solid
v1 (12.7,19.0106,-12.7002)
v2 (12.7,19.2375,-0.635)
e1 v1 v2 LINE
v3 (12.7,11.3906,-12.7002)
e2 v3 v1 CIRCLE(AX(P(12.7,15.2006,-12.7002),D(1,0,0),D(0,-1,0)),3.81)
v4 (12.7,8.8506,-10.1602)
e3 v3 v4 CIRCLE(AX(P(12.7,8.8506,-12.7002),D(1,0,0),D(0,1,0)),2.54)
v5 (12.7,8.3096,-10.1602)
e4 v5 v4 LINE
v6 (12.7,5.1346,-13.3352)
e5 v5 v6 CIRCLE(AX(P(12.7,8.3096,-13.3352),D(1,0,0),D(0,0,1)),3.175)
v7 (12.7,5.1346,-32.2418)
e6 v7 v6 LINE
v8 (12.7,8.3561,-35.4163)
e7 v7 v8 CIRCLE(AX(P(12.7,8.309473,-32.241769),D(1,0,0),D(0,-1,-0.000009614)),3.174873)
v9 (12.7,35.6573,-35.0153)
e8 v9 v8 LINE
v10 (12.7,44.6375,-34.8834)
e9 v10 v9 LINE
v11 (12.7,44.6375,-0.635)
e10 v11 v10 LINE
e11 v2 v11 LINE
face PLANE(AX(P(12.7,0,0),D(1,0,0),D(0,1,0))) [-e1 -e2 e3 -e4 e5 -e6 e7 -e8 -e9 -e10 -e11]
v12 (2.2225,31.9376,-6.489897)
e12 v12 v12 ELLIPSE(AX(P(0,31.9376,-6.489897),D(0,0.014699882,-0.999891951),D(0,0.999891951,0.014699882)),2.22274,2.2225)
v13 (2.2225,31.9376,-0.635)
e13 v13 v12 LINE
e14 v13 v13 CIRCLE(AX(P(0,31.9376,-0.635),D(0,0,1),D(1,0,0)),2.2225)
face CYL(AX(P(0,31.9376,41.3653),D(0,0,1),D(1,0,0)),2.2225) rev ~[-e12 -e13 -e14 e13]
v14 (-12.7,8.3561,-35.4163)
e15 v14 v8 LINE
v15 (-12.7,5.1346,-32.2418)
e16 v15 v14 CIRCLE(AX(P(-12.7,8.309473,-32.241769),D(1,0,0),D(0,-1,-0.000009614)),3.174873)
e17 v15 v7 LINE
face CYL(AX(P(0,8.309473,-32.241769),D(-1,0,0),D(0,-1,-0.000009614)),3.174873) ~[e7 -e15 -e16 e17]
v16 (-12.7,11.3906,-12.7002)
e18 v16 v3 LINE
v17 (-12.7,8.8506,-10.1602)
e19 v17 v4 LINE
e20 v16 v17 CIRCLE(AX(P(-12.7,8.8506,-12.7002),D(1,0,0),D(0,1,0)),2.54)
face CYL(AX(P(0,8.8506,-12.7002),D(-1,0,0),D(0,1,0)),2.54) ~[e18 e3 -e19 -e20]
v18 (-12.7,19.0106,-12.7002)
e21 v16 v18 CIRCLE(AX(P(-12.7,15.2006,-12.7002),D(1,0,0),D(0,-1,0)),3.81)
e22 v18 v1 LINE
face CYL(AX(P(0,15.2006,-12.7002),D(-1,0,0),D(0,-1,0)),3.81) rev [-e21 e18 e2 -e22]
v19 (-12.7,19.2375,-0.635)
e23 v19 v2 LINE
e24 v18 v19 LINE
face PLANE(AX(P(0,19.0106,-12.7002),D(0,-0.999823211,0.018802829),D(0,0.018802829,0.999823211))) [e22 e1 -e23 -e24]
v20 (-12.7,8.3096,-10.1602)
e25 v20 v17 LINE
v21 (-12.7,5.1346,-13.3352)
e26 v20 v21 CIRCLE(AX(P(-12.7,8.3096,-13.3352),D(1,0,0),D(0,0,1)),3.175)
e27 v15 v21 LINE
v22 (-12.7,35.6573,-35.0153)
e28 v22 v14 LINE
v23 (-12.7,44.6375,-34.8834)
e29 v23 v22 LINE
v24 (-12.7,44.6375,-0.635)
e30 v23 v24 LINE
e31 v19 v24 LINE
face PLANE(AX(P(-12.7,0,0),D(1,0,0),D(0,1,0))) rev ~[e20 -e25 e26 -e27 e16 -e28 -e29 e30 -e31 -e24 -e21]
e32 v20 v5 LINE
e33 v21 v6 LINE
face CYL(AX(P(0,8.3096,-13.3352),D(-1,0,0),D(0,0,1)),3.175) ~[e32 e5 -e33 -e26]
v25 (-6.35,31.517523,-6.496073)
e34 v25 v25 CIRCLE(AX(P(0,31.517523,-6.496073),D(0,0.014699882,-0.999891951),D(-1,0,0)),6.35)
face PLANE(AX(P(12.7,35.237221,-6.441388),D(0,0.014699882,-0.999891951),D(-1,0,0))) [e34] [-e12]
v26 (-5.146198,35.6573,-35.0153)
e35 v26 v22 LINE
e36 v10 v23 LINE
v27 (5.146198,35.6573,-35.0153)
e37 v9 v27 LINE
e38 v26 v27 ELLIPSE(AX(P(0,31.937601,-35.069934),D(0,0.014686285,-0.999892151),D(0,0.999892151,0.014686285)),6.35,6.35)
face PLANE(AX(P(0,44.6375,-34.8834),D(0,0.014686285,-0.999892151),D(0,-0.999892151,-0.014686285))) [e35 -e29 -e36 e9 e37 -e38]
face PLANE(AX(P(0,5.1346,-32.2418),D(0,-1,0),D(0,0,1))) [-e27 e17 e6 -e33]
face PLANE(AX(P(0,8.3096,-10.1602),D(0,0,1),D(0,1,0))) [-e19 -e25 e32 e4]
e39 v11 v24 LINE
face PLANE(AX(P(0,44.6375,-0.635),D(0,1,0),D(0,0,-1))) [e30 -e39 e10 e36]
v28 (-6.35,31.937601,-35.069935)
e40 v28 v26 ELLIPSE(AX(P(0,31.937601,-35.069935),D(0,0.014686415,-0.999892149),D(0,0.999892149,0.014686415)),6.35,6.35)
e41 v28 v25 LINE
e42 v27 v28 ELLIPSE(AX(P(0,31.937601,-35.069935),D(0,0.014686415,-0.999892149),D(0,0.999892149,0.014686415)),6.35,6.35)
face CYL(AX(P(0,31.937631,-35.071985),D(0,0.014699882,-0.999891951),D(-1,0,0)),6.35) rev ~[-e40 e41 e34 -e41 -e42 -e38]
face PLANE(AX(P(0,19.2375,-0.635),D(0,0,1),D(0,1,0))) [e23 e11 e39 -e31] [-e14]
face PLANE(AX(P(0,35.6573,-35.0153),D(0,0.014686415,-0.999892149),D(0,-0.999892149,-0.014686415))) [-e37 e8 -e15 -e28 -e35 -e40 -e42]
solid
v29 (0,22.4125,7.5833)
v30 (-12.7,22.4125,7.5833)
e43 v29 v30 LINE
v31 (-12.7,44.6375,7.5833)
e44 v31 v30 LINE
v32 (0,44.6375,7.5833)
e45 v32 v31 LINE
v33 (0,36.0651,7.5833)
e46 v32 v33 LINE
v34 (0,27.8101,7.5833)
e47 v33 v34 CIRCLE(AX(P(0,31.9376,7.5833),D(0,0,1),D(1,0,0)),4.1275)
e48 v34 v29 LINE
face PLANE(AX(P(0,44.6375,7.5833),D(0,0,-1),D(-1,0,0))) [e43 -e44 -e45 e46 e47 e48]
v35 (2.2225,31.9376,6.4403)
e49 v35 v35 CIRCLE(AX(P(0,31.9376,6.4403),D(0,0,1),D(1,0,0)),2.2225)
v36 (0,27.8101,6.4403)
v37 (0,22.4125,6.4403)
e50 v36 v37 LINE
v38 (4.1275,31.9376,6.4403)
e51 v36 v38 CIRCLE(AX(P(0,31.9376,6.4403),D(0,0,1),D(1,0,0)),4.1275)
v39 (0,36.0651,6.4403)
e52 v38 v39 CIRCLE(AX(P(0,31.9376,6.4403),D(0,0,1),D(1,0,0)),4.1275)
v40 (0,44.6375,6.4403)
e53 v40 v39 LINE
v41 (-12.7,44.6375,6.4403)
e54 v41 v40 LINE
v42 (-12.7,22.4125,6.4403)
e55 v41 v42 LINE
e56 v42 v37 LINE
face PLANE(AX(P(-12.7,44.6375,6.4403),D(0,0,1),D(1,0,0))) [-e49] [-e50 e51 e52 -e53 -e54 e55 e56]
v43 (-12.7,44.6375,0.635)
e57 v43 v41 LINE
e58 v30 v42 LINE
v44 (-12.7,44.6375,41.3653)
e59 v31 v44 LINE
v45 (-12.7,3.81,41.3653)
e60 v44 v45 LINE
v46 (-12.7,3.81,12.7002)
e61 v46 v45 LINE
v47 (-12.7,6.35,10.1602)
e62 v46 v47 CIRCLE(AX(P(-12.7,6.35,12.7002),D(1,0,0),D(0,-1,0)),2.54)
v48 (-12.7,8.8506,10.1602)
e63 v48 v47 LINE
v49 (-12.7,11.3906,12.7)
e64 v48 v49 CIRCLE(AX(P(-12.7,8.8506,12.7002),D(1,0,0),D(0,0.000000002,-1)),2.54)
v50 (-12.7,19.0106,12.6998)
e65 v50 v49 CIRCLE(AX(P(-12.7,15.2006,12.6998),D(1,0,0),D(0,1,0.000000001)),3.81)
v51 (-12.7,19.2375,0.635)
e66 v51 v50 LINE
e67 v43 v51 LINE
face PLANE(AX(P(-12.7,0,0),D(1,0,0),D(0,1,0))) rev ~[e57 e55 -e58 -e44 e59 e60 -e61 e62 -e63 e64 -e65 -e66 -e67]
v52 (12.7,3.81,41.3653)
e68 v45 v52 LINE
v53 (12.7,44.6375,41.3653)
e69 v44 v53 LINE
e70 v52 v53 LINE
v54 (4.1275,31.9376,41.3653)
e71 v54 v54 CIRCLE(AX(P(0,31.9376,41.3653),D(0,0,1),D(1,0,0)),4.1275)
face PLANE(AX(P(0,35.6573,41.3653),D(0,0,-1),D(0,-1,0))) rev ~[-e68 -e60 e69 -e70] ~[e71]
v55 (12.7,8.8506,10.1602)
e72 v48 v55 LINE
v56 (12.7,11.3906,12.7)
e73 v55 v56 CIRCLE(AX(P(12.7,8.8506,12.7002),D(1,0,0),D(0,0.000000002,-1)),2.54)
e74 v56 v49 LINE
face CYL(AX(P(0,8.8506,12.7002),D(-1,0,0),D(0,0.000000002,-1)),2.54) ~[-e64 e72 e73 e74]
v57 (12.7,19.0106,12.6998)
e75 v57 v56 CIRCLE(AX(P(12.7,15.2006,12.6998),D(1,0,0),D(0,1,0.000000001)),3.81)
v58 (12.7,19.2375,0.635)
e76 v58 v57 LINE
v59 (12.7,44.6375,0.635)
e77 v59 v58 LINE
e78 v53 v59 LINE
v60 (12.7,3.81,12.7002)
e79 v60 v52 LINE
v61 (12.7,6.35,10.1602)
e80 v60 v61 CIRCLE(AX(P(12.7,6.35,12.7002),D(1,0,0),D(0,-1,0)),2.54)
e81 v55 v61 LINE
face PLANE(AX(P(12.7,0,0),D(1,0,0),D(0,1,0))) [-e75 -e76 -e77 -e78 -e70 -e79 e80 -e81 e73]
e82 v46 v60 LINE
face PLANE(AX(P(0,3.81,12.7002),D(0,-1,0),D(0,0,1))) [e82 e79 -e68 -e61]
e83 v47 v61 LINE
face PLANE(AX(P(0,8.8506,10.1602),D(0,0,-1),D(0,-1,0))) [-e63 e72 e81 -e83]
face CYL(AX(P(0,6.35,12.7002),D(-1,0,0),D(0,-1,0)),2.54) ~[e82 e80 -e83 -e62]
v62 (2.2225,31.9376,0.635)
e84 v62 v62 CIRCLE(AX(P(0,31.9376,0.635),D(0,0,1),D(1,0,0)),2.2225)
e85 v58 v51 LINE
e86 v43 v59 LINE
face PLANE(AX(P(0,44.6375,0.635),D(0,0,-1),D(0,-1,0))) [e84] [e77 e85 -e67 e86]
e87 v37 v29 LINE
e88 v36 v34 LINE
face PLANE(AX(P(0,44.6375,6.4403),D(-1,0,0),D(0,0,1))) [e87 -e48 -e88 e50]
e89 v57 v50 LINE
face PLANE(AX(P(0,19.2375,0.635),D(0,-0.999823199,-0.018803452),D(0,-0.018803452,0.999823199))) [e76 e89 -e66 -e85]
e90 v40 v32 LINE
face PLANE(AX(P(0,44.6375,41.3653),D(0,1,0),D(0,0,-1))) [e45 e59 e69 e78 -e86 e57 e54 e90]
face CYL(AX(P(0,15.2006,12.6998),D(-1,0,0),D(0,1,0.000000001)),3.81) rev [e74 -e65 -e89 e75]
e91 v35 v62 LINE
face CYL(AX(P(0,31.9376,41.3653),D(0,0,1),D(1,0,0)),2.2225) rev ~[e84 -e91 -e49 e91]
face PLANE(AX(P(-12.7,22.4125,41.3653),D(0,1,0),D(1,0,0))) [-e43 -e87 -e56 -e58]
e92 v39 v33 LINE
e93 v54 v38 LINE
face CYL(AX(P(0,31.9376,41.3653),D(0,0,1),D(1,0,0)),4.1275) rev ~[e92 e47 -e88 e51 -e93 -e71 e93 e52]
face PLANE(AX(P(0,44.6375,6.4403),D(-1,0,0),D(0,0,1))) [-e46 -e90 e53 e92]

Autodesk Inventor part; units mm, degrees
ref_plane "YZ Plane" through (0, 0, 0) normal (1, 0, 0) x (0, 1, 0)
sketch "Sketch1" plane through (0, 0, 0) normal (1, 0, 0) x (0, 1, 0)
  line L0 (-3.175, -15.8752) -> (-3.175, 15.8752)
  arc A0 (18.3756, 12.6998) -> (12.0256, 12.7) centre (15.2006, 12.6998) ccw
  arc A1 (12.0256, -12.7002) -> (18.3756, -12.7002) centre (15.2006, -12.7002) ccw
  line L1 (8.8506, 9.5252) -> (6.35, 9.5252)
  line L2 (8.8506, -9.5252) -> (5.1346, -9.5252)
  line L3 (15.2006, 12.6998) -> (15.2006, -12.7002) construction
  line L4 (3.175, 14.6052) -> (3.175, 12.7002)
  arc A2 (8.8506, 9.5252) -> (12.0256, 12.7) centre (8.8506, 12.7002) ccw
  arc A3 (12.0256, -12.7002) -> (8.8506, -9.5252) centre (8.8506, -12.7002) ccw
  arc A4 (3.175, 12.7002) -> (6.35, 9.5252) centre (6.35, 12.7002) ccw
  arc A5 (5.1346, -9.5252) -> (1.9937, -12.2364) centre (5.1346, -12.7002) ccw
  line L5 (-3.175, -15.8752) -> (-3.175, -22.2252)
  line L6 (1.905, 15.8752) -> (-3.175, 15.8752)
  arc A6 (3.175, 14.6052) -> (1.905, 15.8752) centre (1.905, 14.6052) ccw
  line L7 (18.3756, 12.6998) -> (18.3756, -12.7002)
  line L8 (1.6475, -13.2791) -> (-3.175, -22.2252)
  arc A7 (1.6475, -13.2791) -> (1.9937, -12.2364) centre (-1.1473, -11.7726) ccw
  line L9 (44.6375, 0.635) -> (19.2375, 0.635)
  line L10 (19.2375, 0.635) -> (19.2375, -0.635) construction
  line L11 (19.2375, -0.635) -> (44.6375, -0.635)
  line L12 (44.6375, -0.635) -> (44.6375, 0.635) construction
  line L13 (44.6375, 0.635) -> (19.2375, -0.635) construction
  line L14 (19.2375, 0.635) -> (44.6375, -0.635) construction
  line L15 (-13.1873, 0) -> (54.275, 0) projected
  line L16 (44.6375, -0.635) -> (44.6375, -26.035)
  line L17 (35.6573, -35.0153) -> (8.3561, -35.4163)
  line L18 (5.1346, -32.2418) -> (5.1346, -13.3352)
  line L19 (44.6375, 0.635) -> (44.6375, 32.385)
  line L20 (35.6573, 41.3653) -> (3.81, 41.3653)
  arc A8 (5.1346, -32.2418) -> (8.3561, -35.4163) centre (8.3094, -32.2418) ccw
  arc A9 (8.8506, 10.1602) -> (11.3906, 12.7) centre (8.8506, 12.7002) ccw
  line L21 (8.8506, 10.1602) -> (6.35, 10.1602)
  arc A10 (3.81, 12.7002) -> (6.35, 10.1602) centre (6.35, 12.7002) ccw
  line L22 (3.81, 12.7002) -> (3.81, 41.3653)
  line L23 (8.3096, -10.1602) -> (8.8506, -10.1602)
  arc A11 (11.3906, -12.7002) -> (8.8506, -10.1602) centre (8.8506, -12.7002) ccw
  arc A12 (11.3906, -12.7002) -> (19.0106, -12.7002) centre (15.2006, -12.7002) ccw
  arc A13 (19.0106, 12.6998) -> (11.3906, 12.7) centre (15.2006, 12.6998) ccw
  line L24 (-3.5499, 0) -> (-3.5499, -1.7744)
  line L25 (19.0106, -12.7002) -> (19.2375, -0.635)
  line L26 (19.2375, 0.635) -> (19.0106, 12.6998)
  arc A14 (8.3096, -10.1602) -> (5.1346, -13.3352) centre (8.3096, -13.3352) ccw
  line L27 (-3.175, -22.2252) -> (1.6475, -22.2252)
  line L28 (35.6573, 41.3653) -> (44.6375, 41.3653)
  line L29 (44.6375, 41.3653) -> (44.6375, 32.385)
  line L30 (44.6375, -26.035) -> (44.6375, -34.8834)
  line L31 (44.6375, -34.8834) -> (35.6573, -35.0153)
  point P0 (0, 0)
  point P1 (15.2516, 9.5252)
  point P2 (15.2006, -9.5252)
  point P3 (1.9596, -12.7002)
  point P4 (31.9375, 0)
  point P5 (31.9375, 0)
  dimension "d5" = 6.35
  dimension "d8" = 3.175
  dimension "d9" = 6.35
  dimension "d11" = 6.35
  dimension "d12" = 6.35
  dimension "d13" = 1.27
  dimension "d30" = 25.4
  dimension "d31" = 3.175
  dimension "d51" = 1.27
  dimension "d54" = 25.4
  dimension "d56" = 25.4
  dimension "d59" = 31.75
  dimension "d60" = 0.635
  dimension "d61" = 3.175
extrude "Extrusion8" add sketch "Sketch1" along normal mid plane 25.4 contours L9 L26 A13 A9 L21 A10 L22 L20 L28 L29 L19 | L11 L16 L30 L31 L17 A8 L18 A14 L23 A11 A12 L25
ref_plane "Work Plane12" through (-12.7, 35.6573, 41.3653) normal (0, 0, 1) x (1, 0, 0)
sketch "Sketch9" plane through (-12.7, 35.6573, 41.3653) normal (0, 0, 1) x (1, 0, 0)
  line L0 (0, -16.4197) -> (25.4, -16.4197) projected
  line L1 (25.4, 8.9803) -> (25.4, -16.4197) projected
  line L2 (25.4, 8.9803) -> (0, 8.9803) projected
  line L3 (0, -16.4197) -> (0, 8.9803) projected
  circle A0 centre (12.7, -3.7197) radius 2.2225
  point P0 (12.7, -35.6573)
  dimension "d68" = 4.445
extrude "Extrusion10" cut sketch "Sketch9" against normal through all contours A0
ref_plane "Work Plane13" through (-12.7, 35.6573, 41.3653) normal (0, 0, 1) x (1, 0, 0)
sketch "Sketch10" plane through (-12.7, 35.6573, 41.3653) normal (0, 0, 1) x (1, 0, 0)
  circle A0 centre (12.7, -3.7197) radius 2.2225 projected
  circle A1 centre (12.7, -3.7197) radius 4.1275
  point P0 (12.7, -35.6573)
  dimension "d71" = 8.255
extrude "Extrusion11" cut sketch "Sketch10" against normal blind 34.925
sketch "Sketch11" plane through (12.7, 35.6573, -35.0153) normal (0, 0.0147, -0.9999) x (-1, 0, 0)
  ellipse E0 centre (12.7, -3.7201) end of major axis (12.7, -1.4974) minor radius 2.2225 projected
  circle A0 centre (12.7, -3.7201) radius 6.35
  point P0 (12.7, -35.1392)
  dimension "d74" = 12.7
extrude "Extrusion12" cut sketch "Sketch11" against normal blind 28.575 contours E0 | A0
sketch "Sketch12" plane through (-12.7, 44.6375, 41.3653) normal (0, 1, 0) x (1, 0, 0)
  line L0 (0, 28.6651) -> (0, 0) projected
  line L1 (12.7, 33.782) -> (0, 33.782)
  line L2 (0, 33.782) -> (0, 34.925)
  line L3 (0, 34.925) -> (12.7, 34.925)
  line L4 (12.7, 34.925) -> (12.7, 33.782)
  line L5 (25.4, 0) -> (0, 0) projected
  line L6 (25.4, 40.7303) -> (25.4, 0) projected
  point P0 (12.7, 41.3653)
  dimension "d87" = 12.7
  dimension "d88" = 1.143
  dimension "d89" = 34.925
extrude "Extrusion15" cut sketch "Sketch12" against normal blind 22.225
properties part number "Cup Holder Bracket Mirror" material "Acetal Resin, Black"
